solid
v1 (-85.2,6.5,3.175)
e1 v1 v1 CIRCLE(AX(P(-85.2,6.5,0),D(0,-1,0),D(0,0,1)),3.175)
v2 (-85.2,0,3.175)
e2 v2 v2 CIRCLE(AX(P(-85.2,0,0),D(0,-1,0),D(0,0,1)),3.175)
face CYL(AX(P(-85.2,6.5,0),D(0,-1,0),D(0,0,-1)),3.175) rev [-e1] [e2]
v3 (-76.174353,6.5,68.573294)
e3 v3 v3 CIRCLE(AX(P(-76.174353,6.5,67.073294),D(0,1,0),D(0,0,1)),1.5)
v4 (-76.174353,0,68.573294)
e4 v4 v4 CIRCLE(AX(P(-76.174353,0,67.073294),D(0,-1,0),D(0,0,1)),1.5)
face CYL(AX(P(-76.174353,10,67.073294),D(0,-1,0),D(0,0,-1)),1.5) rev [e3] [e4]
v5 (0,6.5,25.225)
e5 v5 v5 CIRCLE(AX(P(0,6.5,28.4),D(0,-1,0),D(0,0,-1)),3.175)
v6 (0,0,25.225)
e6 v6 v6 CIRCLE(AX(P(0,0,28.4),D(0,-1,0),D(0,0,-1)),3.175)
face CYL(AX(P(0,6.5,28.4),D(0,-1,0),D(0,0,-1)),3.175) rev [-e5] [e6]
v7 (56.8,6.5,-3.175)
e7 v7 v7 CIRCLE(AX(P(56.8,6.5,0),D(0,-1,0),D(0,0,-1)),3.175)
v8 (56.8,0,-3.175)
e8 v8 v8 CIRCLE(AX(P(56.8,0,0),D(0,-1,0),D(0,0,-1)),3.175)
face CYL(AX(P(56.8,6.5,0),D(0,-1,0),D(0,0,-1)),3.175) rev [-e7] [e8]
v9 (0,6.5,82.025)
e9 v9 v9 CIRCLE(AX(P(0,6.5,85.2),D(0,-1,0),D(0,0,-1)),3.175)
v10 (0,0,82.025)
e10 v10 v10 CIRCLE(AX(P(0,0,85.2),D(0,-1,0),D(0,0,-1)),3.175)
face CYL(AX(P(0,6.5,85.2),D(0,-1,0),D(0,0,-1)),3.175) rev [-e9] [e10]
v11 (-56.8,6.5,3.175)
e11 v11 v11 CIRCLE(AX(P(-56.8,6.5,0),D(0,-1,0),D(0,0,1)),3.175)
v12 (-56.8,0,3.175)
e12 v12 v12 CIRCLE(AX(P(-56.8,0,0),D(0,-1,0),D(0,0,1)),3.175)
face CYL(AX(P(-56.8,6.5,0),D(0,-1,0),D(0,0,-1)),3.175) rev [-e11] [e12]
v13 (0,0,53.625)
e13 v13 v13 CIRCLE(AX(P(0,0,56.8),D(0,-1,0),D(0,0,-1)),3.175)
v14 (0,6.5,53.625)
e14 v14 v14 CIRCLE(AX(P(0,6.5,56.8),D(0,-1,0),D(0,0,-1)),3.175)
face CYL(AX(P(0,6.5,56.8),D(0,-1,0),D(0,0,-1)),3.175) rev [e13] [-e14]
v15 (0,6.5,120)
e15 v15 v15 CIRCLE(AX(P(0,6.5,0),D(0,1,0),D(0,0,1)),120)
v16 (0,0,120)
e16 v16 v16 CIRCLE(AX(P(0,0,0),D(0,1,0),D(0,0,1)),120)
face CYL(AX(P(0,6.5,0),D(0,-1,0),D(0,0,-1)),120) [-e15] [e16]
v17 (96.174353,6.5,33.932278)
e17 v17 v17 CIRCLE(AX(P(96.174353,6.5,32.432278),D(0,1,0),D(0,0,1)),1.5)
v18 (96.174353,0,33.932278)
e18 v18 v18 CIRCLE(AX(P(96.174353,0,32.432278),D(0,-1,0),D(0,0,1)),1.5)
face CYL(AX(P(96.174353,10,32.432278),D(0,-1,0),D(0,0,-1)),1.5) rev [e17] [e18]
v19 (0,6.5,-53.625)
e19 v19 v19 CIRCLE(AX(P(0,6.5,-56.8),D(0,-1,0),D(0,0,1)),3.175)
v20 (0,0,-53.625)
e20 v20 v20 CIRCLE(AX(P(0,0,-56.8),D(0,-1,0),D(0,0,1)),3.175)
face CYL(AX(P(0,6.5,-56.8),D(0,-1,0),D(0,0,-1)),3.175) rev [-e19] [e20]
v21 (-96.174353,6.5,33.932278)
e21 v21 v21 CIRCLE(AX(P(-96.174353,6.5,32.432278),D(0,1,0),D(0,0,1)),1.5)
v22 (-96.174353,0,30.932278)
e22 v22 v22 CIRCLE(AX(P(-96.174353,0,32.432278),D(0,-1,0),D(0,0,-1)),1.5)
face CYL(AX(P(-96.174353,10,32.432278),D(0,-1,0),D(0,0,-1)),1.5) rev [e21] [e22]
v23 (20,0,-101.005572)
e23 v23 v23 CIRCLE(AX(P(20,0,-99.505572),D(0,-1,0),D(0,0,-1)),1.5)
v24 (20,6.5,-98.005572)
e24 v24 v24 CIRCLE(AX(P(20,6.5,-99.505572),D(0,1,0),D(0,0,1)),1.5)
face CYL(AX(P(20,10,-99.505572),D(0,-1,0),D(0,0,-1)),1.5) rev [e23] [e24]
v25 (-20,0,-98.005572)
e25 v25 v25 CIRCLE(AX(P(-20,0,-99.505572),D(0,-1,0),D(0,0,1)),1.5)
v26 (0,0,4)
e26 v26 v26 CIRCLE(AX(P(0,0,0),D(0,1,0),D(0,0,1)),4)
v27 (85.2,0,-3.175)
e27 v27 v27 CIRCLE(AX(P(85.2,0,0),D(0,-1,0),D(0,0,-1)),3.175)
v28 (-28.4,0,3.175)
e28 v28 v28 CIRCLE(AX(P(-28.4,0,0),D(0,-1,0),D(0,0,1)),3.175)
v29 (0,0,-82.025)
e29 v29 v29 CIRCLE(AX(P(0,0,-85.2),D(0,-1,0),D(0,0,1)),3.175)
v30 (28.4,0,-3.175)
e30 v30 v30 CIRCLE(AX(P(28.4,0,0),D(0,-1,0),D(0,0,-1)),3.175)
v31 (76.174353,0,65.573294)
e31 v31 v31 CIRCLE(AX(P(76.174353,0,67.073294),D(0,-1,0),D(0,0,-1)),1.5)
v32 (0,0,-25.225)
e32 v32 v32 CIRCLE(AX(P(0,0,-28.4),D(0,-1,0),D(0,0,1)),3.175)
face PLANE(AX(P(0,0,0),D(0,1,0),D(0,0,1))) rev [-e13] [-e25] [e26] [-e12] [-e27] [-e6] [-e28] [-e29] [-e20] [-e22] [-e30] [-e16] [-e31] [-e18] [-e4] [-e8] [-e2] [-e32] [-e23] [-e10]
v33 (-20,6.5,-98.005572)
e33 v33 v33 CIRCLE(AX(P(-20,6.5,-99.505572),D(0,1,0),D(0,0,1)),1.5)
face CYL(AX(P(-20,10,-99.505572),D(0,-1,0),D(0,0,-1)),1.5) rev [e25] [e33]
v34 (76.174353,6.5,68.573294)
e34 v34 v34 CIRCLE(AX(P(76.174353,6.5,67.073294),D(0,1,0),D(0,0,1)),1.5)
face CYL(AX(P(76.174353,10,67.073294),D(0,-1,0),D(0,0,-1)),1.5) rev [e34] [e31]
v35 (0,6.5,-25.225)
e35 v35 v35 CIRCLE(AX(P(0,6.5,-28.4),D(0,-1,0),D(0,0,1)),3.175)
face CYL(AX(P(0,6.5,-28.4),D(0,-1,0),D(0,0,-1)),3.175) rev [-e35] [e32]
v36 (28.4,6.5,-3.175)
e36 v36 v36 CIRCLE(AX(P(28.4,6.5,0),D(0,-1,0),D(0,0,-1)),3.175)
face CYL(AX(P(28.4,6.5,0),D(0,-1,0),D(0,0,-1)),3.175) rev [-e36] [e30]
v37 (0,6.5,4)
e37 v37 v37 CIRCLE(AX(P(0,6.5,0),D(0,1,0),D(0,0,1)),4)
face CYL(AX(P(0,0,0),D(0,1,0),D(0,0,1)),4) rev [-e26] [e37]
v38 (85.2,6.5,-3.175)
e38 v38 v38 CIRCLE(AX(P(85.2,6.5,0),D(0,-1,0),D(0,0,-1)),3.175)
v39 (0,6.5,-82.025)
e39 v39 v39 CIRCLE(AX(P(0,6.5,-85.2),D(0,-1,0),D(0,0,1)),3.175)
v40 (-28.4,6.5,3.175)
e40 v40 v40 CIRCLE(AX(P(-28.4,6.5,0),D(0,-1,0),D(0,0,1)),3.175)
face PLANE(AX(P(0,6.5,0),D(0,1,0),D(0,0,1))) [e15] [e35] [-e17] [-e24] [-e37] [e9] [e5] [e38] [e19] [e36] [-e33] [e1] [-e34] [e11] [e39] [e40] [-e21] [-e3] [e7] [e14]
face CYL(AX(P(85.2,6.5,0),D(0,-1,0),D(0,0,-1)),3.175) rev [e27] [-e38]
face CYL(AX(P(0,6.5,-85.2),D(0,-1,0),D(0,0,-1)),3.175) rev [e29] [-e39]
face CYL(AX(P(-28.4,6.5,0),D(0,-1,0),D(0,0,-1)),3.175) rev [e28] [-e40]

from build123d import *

# Parameters (mm, degrees)
CROQUIS1_R              = 120
SALIENTE_EXTRUIR1_DEPTH = 6.5
CROQUIS2_R              = 4
CORTAR_EXTRUIR1_DEPTH   = 6.5
CROQUIS3_R              = 3.175
CORTAR_EXTRUIR2_DEPTH   = 6.5
CROQUIS4_R              = 1.5
CORTAR_EXTRUIR3_DEPTH   = 10


with BuildPart() as part:
    # Croquis1 → Saliente-Extruir1 (new body)
    with BuildSketch(Plane(origin=(0, 0, 0), x_dir=(1, 0, 0), z_dir=(0, 1, 0))):
        with Locations(Location((0, 0, 0), (0, 0, 270))):
            Circle(CROQUIS1_R)
    extrude(amount=SALIENTE_EXTRUIR1_DEPTH)

    # Croquis2 → Cortar-Extruir1 (cut)
    with BuildSketch(Plane(origin=(0, 6.5, 0), x_dir=(1, 0, 0), z_dir=(0, 1, 0))):
        with Locations(Location((0, 0, 0), (0, 0, 270))):
            Circle(CROQUIS2_R)
    extrude(amount=-CORTAR_EXTRUIR1_DEPTH, mode=Mode.SUBTRACT)

    # Croquis3 → Cortar-Extruir2 (cut)
    with BuildSketch(Plane(origin=(0, 0, 0), x_dir=(-1, 0, 0), z_dir=(0, -1, 0))):
        with Locations(Location((-28.4, 0, 0), (0, 0, 90))):
            Circle(CROQUIS3_R)
        with Locations(Location((-56.8, 0, 0), (0, 0, 90))):
            Circle(CROQUIS3_R)
        with Locations(Location((-85.2, 0, 0), (0, 0, 90))):
            Circle(CROQUIS3_R)
        with Locations(Location((85.2, 0, 0), (0, 0, 270))):
            Circle(CROQUIS3_R)
        with Locations(Location((56.8, 0, 0), (0, 0, 270))):
            Circle(CROQUIS3_R)
        with Locations(Location((28.4, 0, 0), (0, 0, 270))):
            Circle(CROQUIS3_R)
        with Locations(Location((0, -28.4, 0), (0, 0, 90))):
            Circle(CROQUIS3_R)
        with Locations(Location((0, -56.8, 0), (0, 0, 90))):
            Circle(CROQUIS3_R)
        with Locations(Location((0, -85.2, 0), (0, 0, 90))):
            Circle(CROQUIS3_R)
        with Locations(Location((0, 85.2, 0), (0, 0, 270))):
            Circle(CROQUIS3_R)
        with Locations(Location((0, 56.8, 0), (0, 0, 270))):
            Circle(CROQUIS3_R)
        with Locations(Location((0, 28.4, 0), (0, 0, 270))):
            Circle(CROQUIS3_R)
    extrude(amount=-CORTAR_EXTRUIR2_DEPTH, mode=Mode.SUBTRACT)

    # Croquis4 → Cortar-Extruir3 (cut)
    with BuildSketch(Plane.XZ):
        with Locations(Location((20, -99.505571576, 0), (0, 0, 270))):
            Circle(CROQUIS4_R)
        with Locations(Location((-20, -99.505571576, 0), (0, 0, 90))):
            Circle(CROQUIS4_R)
        with Locations(Location((-96.174352803, 32.432277712, 0), (0, 0, 270))):
            Circle(CROQUIS4_R)
        with Locations(Location((-76.174352803, 67.073293864, 0), (0, 0, 90))):
            Circle(CROQUIS4_R)
        with Locations(Location((76.174352803, 67.073293864, 0), (0, 0, 270))):
            Circle(CROQUIS4_R)
        with Locations(Location((96.174352803, 32.432277712, 0), (0, 0, 90))):
            Circle(CROQUIS4_R)
    extrude(amount=-CORTAR_EXTRUIR3_DEPTH, mode=Mode.SUBTRACT)


solid = part.part
